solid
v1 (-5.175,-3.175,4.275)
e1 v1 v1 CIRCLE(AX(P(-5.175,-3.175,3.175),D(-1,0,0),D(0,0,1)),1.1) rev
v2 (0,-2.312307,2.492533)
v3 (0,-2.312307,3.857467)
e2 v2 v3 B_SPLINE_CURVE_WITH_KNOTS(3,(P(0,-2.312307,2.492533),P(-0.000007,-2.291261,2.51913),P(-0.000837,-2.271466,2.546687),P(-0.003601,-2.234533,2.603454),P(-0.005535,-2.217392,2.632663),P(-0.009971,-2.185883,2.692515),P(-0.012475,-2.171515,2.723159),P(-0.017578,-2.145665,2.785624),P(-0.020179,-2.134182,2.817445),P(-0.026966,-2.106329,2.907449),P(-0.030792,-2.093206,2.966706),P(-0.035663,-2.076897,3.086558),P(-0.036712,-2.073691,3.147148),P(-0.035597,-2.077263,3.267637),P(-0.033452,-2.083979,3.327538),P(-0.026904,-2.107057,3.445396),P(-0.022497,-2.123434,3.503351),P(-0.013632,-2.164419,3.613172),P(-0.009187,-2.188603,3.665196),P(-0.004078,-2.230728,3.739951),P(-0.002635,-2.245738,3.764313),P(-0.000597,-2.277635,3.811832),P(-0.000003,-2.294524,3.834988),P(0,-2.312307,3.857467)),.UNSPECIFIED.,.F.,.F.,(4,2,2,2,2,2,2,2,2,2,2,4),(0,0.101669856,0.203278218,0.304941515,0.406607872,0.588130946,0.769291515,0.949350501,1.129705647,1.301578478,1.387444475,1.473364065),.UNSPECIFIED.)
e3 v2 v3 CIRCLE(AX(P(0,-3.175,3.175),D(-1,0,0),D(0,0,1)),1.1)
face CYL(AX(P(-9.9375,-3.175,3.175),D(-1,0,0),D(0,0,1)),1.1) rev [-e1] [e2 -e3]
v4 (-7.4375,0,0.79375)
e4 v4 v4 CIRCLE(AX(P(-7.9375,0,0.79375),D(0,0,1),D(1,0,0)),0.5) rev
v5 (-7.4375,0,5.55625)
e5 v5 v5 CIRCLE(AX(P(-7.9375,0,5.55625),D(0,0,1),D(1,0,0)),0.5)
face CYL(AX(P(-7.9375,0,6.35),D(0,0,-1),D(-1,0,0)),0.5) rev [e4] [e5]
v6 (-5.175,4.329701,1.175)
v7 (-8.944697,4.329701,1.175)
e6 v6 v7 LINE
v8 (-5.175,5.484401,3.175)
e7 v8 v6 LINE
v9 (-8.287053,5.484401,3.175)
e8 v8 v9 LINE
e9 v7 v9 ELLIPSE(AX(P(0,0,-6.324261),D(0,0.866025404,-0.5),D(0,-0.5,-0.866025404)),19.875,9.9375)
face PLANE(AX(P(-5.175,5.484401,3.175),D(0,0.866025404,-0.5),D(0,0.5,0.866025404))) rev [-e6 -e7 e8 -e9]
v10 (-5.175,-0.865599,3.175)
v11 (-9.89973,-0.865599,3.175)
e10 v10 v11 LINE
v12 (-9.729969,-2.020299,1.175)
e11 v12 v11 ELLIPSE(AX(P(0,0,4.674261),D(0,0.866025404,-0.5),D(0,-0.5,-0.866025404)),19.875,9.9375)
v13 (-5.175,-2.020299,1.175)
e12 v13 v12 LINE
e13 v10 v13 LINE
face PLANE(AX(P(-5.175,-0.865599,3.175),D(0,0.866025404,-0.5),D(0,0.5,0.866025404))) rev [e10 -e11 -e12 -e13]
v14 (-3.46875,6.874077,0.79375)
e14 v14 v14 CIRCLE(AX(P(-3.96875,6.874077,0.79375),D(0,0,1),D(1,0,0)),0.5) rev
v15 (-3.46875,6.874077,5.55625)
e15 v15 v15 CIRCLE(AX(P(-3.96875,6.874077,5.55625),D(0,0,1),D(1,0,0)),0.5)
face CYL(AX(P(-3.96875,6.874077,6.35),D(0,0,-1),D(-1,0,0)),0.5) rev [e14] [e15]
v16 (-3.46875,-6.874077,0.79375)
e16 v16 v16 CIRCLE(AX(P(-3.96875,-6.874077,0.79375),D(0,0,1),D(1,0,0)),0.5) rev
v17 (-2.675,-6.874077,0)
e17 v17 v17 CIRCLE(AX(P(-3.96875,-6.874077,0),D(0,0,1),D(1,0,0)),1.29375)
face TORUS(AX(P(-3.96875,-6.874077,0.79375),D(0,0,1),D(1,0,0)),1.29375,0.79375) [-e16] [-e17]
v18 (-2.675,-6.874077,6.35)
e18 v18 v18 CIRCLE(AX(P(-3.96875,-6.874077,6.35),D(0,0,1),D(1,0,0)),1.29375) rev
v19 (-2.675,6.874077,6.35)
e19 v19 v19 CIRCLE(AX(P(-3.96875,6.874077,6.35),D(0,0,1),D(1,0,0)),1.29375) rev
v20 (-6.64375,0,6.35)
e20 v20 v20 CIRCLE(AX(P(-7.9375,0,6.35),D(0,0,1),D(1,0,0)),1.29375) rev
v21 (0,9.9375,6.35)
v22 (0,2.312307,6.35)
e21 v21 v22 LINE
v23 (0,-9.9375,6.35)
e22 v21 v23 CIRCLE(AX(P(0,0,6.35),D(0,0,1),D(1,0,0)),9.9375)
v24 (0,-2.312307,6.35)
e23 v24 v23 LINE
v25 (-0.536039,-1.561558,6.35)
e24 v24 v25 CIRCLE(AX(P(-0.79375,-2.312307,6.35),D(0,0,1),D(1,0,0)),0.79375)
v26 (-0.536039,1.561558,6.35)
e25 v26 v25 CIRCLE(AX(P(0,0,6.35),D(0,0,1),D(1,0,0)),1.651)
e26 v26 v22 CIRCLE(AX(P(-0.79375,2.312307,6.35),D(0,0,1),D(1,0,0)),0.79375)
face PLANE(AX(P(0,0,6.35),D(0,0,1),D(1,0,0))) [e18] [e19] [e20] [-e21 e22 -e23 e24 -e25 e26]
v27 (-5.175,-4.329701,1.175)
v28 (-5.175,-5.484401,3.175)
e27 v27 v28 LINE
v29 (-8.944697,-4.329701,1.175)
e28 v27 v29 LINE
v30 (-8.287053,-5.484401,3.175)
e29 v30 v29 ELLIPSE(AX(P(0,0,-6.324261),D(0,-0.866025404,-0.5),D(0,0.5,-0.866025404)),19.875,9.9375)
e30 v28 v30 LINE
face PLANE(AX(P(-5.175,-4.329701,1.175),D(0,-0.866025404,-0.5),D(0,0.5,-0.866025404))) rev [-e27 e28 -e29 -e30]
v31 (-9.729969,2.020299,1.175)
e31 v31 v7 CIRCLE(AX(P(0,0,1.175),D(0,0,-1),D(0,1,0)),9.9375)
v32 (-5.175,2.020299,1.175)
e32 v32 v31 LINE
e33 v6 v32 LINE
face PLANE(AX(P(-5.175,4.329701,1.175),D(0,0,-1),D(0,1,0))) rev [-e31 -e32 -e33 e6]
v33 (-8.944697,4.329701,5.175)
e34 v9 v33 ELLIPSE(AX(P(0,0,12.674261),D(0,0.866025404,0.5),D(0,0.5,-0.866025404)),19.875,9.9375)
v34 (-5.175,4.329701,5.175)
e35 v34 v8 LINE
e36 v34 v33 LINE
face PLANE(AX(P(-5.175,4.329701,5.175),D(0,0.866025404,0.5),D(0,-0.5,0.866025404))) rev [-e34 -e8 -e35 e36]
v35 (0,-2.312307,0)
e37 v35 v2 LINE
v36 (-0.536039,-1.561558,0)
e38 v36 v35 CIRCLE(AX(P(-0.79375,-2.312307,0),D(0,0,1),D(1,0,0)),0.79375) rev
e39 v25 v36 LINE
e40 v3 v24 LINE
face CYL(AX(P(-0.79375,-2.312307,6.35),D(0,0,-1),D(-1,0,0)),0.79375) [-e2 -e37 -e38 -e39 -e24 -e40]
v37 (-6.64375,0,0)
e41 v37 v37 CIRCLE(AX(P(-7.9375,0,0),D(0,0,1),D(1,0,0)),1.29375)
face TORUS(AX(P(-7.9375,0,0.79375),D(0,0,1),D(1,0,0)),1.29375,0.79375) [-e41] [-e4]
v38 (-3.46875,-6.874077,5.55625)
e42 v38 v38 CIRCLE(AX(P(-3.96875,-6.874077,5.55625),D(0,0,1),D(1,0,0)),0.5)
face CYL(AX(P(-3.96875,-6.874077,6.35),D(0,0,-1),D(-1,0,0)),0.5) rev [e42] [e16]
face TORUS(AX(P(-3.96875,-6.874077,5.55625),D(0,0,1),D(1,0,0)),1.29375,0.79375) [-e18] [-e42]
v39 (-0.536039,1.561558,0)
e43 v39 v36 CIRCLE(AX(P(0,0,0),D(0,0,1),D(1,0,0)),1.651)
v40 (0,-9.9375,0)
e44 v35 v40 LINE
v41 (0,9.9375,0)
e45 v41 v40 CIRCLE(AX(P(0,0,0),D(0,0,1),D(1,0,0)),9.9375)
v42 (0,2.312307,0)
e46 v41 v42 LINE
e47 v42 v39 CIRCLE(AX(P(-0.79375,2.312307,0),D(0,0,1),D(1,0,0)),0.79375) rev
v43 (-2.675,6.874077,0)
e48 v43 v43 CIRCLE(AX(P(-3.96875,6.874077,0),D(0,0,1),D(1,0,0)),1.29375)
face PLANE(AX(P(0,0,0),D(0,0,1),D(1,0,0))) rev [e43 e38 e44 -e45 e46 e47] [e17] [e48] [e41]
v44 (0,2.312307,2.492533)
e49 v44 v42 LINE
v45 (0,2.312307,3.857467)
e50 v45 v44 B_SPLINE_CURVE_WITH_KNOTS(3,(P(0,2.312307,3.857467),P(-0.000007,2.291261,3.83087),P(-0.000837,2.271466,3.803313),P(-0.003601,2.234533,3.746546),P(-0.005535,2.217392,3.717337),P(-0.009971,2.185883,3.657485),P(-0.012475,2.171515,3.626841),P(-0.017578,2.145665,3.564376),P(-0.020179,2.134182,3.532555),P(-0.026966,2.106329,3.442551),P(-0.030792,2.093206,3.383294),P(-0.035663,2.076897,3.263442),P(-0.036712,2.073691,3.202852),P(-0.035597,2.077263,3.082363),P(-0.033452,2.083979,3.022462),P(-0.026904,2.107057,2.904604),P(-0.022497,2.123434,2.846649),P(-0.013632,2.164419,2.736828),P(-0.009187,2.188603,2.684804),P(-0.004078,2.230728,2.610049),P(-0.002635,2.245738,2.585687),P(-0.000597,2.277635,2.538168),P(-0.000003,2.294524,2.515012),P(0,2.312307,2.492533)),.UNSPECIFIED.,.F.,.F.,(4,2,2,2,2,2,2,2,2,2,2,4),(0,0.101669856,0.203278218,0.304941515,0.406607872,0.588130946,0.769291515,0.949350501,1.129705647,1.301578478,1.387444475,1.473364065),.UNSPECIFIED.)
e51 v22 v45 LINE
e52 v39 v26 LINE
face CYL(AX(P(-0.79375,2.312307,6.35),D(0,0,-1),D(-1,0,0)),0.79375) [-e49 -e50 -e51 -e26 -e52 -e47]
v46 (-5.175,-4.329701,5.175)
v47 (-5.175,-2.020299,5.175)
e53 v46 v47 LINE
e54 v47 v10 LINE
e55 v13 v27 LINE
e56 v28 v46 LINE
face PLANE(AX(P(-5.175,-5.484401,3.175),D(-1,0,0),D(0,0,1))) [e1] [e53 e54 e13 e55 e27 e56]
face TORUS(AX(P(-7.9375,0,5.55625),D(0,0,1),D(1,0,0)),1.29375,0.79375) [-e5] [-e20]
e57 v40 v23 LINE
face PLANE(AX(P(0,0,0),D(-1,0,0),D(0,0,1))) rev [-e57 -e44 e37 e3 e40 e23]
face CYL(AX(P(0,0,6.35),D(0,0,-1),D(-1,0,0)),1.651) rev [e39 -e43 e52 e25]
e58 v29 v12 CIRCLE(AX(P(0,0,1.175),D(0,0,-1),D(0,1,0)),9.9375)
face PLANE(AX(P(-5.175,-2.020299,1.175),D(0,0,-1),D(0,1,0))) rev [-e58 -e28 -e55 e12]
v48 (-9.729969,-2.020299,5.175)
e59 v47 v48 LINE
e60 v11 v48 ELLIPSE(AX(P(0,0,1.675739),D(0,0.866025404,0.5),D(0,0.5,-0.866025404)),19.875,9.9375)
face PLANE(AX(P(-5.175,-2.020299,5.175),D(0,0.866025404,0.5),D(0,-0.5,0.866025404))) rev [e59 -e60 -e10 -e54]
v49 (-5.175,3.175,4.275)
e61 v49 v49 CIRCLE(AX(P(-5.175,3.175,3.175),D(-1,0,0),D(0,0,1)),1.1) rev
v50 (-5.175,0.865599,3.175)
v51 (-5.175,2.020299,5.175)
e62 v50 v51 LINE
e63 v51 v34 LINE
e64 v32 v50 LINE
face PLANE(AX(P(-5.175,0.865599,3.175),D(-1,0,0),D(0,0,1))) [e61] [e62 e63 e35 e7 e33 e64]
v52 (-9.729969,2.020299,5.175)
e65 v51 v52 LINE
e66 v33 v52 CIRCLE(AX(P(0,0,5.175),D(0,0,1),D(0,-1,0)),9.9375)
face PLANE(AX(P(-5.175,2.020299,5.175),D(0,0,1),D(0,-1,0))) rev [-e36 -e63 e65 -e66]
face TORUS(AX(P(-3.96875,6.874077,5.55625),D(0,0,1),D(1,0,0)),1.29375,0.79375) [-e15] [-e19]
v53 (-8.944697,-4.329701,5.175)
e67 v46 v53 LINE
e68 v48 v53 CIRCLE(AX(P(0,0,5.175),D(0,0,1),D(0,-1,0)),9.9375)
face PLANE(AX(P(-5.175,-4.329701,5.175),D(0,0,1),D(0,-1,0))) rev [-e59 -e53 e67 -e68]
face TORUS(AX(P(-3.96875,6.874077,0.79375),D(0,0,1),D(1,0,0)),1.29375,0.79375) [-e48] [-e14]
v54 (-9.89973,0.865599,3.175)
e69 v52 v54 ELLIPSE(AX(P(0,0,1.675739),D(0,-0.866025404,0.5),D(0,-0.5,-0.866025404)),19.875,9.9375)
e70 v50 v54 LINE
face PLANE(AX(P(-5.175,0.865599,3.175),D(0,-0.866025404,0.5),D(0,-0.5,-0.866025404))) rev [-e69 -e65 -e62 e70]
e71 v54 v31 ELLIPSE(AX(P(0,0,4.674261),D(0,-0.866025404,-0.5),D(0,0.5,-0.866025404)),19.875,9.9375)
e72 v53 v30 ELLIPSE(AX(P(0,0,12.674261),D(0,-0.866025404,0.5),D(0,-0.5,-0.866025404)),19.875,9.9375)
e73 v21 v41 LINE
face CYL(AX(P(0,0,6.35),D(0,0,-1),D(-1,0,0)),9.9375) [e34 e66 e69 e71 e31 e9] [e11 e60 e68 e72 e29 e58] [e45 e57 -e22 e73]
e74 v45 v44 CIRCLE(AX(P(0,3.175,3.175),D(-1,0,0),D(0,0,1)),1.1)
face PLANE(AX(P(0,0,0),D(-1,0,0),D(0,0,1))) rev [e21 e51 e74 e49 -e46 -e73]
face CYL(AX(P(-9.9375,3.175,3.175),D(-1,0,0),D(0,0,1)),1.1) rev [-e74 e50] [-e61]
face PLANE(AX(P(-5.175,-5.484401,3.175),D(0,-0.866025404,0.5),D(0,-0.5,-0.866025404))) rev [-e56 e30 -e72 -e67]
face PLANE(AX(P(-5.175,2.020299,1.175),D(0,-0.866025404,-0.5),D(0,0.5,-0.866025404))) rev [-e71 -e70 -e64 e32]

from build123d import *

# Parameters (mm, degrees)
SKETCH1_R            = 9.9375
SKETCH1_R_2          = 1.651
SKETCH1_R_3          = 0.5
BOSS_EXTRUDE1_DEPTH  = 6.35
CUT_EXTRUDE1_DEPTH   = 16.421748036
FILLET1_R            = 0.79375
FILLET2_R            = 0.79375
M2_CLEARANCE_HOLE1_D = 2.2
CUT_EXTRUDE2_DEPTH   = 4.7625


with BuildPart() as part:
    # Sketch1 → Boss-Extrude1 (new body)
    with BuildSketch(Plane.XY):
        Circle(SKETCH1_R)
        Circle(SKETCH1_R_2, mode=Mode.SUBTRACT)
        with Locations((-7.9375, 0)):
            Circle(SKETCH1_R_3, mode=Mode.SUBTRACT)
        with Locations((-3.96875, 6.874076643)):
            Circle(SKETCH1_R_3, mode=Mode.SUBTRACT)
        with Locations((3.96875, 6.874076643)):
            Circle(SKETCH1_R_3, mode=Mode.SUBTRACT)
        with Locations((7.9375, 0)):
            Circle(SKETCH1_R_3, mode=Mode.SUBTRACT)
        with Locations((3.96875, -6.874076643)):
            Circle(SKETCH1_R_3, mode=Mode.SUBTRACT)
        with Locations((-3.96875, -6.874076643)):
            Circle(SKETCH1_R_3, mode=Mode.SUBTRACT)
    extrude(amount=BOSS_EXTRUDE1_DEPTH)

    # Sketch2 → Cut-Extrude1 (cut, through all)
    with BuildSketch(Plane.XY.offset(6.35)):
        Polygon((0, 0), (0, 25.4), (50.8, 25.4), (50.8, -25.4), (0, -25.4), align=None)
    extrude(amount=-CUT_EXTRUDE1_DEPTH, mode=Mode.SUBTRACT)

    # Fillet1
    fillet1_edges = [part.edges().sort_by_distance(p)[0] for p in [
        (0, -1.651, 3.175),
        (0, 1.651, 3.175),
    ]]
    fillet(fillet1_edges, radius=FILLET1_R)

    # Fillet2
    fillet2_edges = [part.edges().sort_by_distance(p)[0] for p in [
        (-4.46875, 6.874076643, 0),
        (-4.46875, 6.874076643, 6.35),
        (-4.46875, -6.874076643, 0),
        (-4.46875, -6.874076643, 6.35),
        (-8.4375, 0, 0),
        (-8.4375, 0, 6.35),
    ]]
    fillet(fillet2_edges, radius=FILLET2_R)

    # M2 Clearance Hole1 (through all)
    with Locations(Plane.ZY.offset(9.9375)):
        with Locations((3.175, 3.175), (3.175, -3.175)):
            Hole(M2_CLEARANCE_HOLE1_D / 2)

    # Sketch13 → Cut-Extrude2 (cut)
    with BuildSketch(Plane.ZY.offset(9.9375)):
        Polygon((1.175, 4.329700538), (1.175, 2.020299462), (3.175, 0.865598923), (5.175, 2.020299462), (5.175, 4.329700538), (3.175, 5.484401077), align=None)
        Polygon((1.175, -2.020299462), (1.175, -4.329700538), (3.175, -5.484401077), (5.175, -4.329700538), (5.175, -2.020299462), (3.175, -0.865598923), align=None)
    extrude(amount=-CUT_EXTRUDE2_DEPTH, mode=Mode.SUBTRACT)


solid = part.part
